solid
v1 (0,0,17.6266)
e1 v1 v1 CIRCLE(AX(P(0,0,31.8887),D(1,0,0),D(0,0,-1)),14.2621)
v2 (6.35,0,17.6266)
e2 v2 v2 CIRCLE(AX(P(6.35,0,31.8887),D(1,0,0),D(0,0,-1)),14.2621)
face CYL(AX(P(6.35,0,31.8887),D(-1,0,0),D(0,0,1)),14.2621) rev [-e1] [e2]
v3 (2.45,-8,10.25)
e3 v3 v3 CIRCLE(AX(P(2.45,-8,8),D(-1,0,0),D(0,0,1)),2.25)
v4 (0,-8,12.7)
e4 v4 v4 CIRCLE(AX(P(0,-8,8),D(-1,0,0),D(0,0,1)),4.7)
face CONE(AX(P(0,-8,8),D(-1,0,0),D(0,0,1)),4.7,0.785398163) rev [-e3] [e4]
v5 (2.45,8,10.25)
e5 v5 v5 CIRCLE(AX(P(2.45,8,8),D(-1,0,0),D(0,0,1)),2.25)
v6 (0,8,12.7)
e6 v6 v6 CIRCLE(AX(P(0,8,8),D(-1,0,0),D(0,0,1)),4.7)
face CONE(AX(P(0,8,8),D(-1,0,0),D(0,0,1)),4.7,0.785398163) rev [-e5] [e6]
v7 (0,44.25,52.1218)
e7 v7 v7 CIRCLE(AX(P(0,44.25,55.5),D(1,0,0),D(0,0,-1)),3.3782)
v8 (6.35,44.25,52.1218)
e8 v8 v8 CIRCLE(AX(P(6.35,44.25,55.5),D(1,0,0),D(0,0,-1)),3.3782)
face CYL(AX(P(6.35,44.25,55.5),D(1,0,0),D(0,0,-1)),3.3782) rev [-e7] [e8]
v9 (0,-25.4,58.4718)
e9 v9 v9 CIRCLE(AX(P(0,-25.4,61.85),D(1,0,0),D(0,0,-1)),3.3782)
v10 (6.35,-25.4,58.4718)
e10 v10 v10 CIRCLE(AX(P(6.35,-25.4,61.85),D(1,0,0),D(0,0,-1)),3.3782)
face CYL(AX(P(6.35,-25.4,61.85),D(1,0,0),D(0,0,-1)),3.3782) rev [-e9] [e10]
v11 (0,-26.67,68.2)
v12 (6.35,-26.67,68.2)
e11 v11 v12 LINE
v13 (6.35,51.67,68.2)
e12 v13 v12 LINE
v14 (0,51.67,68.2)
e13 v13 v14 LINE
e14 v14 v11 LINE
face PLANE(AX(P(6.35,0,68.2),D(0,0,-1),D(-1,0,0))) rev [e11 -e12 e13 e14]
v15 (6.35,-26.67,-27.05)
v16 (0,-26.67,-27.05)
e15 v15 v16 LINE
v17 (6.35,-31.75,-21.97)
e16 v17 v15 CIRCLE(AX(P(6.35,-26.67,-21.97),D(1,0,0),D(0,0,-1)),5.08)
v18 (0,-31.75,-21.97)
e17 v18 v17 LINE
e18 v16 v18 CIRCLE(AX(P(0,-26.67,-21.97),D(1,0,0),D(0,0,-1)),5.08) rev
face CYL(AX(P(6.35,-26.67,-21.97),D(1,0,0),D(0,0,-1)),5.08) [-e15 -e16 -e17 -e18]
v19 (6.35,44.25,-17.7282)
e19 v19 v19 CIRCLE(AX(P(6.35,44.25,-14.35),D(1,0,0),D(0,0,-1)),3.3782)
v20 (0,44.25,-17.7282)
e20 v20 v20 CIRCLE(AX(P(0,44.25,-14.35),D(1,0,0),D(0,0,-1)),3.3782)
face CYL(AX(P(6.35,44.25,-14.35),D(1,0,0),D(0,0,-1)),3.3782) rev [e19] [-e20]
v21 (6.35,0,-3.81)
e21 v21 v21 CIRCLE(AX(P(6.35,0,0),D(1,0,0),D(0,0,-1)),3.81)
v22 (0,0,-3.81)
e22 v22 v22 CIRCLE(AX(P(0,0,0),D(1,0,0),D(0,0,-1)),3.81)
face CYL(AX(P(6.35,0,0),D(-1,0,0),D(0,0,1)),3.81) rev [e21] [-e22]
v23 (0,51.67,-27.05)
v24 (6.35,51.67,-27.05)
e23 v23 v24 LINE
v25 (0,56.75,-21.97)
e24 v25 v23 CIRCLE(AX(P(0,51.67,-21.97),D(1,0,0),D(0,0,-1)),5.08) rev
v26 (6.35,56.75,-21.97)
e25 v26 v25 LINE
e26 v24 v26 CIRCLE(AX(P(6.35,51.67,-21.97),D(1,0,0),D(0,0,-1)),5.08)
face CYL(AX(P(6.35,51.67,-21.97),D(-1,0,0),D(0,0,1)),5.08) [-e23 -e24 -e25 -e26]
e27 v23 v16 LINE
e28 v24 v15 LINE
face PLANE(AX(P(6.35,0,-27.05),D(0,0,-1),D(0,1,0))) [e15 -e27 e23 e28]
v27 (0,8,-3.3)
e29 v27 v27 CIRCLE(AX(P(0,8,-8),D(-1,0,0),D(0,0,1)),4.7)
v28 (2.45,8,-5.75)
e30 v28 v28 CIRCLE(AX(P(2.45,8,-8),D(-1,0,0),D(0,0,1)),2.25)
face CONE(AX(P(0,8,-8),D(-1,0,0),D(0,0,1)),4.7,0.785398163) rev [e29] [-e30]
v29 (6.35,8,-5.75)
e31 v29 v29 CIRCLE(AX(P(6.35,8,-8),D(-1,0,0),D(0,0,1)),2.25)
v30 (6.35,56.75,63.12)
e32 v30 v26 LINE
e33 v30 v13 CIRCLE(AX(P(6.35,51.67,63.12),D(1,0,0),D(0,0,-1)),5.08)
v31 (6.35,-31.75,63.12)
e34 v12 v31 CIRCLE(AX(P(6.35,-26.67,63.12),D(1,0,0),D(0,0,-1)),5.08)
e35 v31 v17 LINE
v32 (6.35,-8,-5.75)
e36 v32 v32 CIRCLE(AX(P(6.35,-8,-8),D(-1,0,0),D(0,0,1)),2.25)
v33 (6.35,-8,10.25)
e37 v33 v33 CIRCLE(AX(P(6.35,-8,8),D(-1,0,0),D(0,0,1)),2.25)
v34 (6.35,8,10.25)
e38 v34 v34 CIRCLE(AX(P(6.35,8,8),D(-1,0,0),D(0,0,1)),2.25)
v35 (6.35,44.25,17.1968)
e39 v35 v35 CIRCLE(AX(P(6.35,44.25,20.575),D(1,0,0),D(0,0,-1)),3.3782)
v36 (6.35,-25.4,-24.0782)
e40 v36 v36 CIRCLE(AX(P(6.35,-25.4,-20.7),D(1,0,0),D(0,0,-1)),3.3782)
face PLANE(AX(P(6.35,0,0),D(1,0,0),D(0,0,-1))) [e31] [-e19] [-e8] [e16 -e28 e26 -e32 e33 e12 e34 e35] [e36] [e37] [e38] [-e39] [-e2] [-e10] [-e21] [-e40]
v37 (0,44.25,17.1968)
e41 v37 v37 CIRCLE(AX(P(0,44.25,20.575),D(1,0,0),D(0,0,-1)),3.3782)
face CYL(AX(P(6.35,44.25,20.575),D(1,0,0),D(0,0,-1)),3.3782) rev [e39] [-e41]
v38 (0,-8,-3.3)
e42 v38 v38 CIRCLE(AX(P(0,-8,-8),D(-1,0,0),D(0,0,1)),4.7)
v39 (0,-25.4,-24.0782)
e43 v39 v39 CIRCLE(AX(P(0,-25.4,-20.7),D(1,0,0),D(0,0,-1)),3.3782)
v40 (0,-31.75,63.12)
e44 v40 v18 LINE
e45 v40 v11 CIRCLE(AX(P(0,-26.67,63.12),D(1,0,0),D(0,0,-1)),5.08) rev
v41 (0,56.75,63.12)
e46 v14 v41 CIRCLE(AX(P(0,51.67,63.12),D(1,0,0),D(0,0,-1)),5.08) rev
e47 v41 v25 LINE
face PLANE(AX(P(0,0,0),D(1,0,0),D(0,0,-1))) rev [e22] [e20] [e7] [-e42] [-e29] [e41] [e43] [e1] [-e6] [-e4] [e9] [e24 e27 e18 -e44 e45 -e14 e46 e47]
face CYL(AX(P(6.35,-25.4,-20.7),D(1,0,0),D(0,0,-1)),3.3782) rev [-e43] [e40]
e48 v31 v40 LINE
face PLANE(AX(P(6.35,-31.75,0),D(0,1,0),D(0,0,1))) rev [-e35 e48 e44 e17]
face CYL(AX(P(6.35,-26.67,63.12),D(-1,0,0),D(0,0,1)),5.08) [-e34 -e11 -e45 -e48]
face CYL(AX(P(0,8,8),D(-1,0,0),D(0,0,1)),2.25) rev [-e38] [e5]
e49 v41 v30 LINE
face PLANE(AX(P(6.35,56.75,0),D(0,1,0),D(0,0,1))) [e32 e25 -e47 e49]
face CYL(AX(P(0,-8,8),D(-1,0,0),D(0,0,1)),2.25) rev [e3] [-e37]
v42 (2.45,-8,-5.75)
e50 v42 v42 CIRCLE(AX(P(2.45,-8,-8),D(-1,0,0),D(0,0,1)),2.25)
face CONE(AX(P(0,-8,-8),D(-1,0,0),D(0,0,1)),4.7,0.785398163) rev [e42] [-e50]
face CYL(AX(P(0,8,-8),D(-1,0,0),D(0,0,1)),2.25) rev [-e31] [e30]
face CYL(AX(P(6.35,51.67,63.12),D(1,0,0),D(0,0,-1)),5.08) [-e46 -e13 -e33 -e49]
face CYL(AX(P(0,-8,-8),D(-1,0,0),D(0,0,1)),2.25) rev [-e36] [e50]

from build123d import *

# Parameters (mm, degrees)
SKETCH1_W                                       = 95.25
SKETCH1_H                                       = 25
SKETCH1_H_2                                     = 63.5
SKETCH1_R                                       = 14.2621
SKETCH1_R_2                                     = 3.81
BOSS_EXTRUDE1_DEPTH                             = 6.35
F_1_4_CLEARANCE_HOLE2_D                         = 6.7564
FILLET1_R                                       = 5.08
CSK_FOR_M4_FLAT_HEAD_MACHINE_SCREW2_D           = 4.5
CSK_FOR_M4_FLAT_HEAD_MACHINE_SCREW2_CSINK_D     = 9.4
CSK_FOR_M4_FLAT_HEAD_MACHINE_SCREW2_CSINK_ANGLE = 90


with BuildPart() as part:
    # Sketch1 → Boss-Extrude1 (new body)
    # profile 1 of 2: a face of its own
    with BuildSketch(Plane(origin=(0, 0, 0), x_dir=(0, 0, -1), z_dir=(1, 0, 0))):
        with Locations((-20.575, 44.25)):
            Rectangle(SKETCH1_W, SKETCH1_H)
    # profile 2 of 2: a face of its own
    with BuildSketch(Plane(origin=(0, 0, 0), x_dir=(0, 0, -1), z_dir=(1, 0, 0))):
        with Locations((-20.575, 0)):
            Rectangle(SKETCH1_W, SKETCH1_H_2)
        with Locations((-31.8887, 0)):
            Circle(SKETCH1_R, mode=Mode.SUBTRACT)
        Circle(SKETCH1_R_2, mode=Mode.SUBTRACT)
    extrude(amount=BOSS_EXTRUDE1_DEPTH)

    # 1/4 Clearance Hole2 (through all)
    with Locations(Plane(origin=(6.35, 0, 0), x_dir=(0, 0, -1), z_dir=(1, 0, 0))):
        with Locations((-55.5, 44.25), (-20.575, 44.25), (14.35, 44.25), (-61.85, -25.4), (20.7, -25.4)):
            Hole(F_1_4_CLEARANCE_HOLE2_D / 2)

    # Fillet1
    fillet1_edges = [part.edges().sort_by_distance(p)[0] for p in [
        (3.175, -31.75, -27.05),
        (3.175, -31.75, 68.2),
        (3.175, 56.75, 68.2),
        (3.175, 56.75, -27.05),
    ]]
    fillet(fillet1_edges, radius=FILLET1_R)

    # CSK for M4 Flat Head Machine Screw2 (through all)
    with Locations(Plane.ZY):
        with Locations((-8, 8), (8, 8), (8, -8), (-8, -8)):
            CounterSinkHole(CSK_FOR_M4_FLAT_HEAD_MACHINE_SCREW2_D / 2, CSK_FOR_M4_FLAT_HEAD_MACHINE_SCREW2_CSINK_D / 2, counter_sink_angle=CSK_FOR_M4_FLAT_HEAD_MACHINE_SCREW2_CSINK_ANGLE)


solid = part.part
